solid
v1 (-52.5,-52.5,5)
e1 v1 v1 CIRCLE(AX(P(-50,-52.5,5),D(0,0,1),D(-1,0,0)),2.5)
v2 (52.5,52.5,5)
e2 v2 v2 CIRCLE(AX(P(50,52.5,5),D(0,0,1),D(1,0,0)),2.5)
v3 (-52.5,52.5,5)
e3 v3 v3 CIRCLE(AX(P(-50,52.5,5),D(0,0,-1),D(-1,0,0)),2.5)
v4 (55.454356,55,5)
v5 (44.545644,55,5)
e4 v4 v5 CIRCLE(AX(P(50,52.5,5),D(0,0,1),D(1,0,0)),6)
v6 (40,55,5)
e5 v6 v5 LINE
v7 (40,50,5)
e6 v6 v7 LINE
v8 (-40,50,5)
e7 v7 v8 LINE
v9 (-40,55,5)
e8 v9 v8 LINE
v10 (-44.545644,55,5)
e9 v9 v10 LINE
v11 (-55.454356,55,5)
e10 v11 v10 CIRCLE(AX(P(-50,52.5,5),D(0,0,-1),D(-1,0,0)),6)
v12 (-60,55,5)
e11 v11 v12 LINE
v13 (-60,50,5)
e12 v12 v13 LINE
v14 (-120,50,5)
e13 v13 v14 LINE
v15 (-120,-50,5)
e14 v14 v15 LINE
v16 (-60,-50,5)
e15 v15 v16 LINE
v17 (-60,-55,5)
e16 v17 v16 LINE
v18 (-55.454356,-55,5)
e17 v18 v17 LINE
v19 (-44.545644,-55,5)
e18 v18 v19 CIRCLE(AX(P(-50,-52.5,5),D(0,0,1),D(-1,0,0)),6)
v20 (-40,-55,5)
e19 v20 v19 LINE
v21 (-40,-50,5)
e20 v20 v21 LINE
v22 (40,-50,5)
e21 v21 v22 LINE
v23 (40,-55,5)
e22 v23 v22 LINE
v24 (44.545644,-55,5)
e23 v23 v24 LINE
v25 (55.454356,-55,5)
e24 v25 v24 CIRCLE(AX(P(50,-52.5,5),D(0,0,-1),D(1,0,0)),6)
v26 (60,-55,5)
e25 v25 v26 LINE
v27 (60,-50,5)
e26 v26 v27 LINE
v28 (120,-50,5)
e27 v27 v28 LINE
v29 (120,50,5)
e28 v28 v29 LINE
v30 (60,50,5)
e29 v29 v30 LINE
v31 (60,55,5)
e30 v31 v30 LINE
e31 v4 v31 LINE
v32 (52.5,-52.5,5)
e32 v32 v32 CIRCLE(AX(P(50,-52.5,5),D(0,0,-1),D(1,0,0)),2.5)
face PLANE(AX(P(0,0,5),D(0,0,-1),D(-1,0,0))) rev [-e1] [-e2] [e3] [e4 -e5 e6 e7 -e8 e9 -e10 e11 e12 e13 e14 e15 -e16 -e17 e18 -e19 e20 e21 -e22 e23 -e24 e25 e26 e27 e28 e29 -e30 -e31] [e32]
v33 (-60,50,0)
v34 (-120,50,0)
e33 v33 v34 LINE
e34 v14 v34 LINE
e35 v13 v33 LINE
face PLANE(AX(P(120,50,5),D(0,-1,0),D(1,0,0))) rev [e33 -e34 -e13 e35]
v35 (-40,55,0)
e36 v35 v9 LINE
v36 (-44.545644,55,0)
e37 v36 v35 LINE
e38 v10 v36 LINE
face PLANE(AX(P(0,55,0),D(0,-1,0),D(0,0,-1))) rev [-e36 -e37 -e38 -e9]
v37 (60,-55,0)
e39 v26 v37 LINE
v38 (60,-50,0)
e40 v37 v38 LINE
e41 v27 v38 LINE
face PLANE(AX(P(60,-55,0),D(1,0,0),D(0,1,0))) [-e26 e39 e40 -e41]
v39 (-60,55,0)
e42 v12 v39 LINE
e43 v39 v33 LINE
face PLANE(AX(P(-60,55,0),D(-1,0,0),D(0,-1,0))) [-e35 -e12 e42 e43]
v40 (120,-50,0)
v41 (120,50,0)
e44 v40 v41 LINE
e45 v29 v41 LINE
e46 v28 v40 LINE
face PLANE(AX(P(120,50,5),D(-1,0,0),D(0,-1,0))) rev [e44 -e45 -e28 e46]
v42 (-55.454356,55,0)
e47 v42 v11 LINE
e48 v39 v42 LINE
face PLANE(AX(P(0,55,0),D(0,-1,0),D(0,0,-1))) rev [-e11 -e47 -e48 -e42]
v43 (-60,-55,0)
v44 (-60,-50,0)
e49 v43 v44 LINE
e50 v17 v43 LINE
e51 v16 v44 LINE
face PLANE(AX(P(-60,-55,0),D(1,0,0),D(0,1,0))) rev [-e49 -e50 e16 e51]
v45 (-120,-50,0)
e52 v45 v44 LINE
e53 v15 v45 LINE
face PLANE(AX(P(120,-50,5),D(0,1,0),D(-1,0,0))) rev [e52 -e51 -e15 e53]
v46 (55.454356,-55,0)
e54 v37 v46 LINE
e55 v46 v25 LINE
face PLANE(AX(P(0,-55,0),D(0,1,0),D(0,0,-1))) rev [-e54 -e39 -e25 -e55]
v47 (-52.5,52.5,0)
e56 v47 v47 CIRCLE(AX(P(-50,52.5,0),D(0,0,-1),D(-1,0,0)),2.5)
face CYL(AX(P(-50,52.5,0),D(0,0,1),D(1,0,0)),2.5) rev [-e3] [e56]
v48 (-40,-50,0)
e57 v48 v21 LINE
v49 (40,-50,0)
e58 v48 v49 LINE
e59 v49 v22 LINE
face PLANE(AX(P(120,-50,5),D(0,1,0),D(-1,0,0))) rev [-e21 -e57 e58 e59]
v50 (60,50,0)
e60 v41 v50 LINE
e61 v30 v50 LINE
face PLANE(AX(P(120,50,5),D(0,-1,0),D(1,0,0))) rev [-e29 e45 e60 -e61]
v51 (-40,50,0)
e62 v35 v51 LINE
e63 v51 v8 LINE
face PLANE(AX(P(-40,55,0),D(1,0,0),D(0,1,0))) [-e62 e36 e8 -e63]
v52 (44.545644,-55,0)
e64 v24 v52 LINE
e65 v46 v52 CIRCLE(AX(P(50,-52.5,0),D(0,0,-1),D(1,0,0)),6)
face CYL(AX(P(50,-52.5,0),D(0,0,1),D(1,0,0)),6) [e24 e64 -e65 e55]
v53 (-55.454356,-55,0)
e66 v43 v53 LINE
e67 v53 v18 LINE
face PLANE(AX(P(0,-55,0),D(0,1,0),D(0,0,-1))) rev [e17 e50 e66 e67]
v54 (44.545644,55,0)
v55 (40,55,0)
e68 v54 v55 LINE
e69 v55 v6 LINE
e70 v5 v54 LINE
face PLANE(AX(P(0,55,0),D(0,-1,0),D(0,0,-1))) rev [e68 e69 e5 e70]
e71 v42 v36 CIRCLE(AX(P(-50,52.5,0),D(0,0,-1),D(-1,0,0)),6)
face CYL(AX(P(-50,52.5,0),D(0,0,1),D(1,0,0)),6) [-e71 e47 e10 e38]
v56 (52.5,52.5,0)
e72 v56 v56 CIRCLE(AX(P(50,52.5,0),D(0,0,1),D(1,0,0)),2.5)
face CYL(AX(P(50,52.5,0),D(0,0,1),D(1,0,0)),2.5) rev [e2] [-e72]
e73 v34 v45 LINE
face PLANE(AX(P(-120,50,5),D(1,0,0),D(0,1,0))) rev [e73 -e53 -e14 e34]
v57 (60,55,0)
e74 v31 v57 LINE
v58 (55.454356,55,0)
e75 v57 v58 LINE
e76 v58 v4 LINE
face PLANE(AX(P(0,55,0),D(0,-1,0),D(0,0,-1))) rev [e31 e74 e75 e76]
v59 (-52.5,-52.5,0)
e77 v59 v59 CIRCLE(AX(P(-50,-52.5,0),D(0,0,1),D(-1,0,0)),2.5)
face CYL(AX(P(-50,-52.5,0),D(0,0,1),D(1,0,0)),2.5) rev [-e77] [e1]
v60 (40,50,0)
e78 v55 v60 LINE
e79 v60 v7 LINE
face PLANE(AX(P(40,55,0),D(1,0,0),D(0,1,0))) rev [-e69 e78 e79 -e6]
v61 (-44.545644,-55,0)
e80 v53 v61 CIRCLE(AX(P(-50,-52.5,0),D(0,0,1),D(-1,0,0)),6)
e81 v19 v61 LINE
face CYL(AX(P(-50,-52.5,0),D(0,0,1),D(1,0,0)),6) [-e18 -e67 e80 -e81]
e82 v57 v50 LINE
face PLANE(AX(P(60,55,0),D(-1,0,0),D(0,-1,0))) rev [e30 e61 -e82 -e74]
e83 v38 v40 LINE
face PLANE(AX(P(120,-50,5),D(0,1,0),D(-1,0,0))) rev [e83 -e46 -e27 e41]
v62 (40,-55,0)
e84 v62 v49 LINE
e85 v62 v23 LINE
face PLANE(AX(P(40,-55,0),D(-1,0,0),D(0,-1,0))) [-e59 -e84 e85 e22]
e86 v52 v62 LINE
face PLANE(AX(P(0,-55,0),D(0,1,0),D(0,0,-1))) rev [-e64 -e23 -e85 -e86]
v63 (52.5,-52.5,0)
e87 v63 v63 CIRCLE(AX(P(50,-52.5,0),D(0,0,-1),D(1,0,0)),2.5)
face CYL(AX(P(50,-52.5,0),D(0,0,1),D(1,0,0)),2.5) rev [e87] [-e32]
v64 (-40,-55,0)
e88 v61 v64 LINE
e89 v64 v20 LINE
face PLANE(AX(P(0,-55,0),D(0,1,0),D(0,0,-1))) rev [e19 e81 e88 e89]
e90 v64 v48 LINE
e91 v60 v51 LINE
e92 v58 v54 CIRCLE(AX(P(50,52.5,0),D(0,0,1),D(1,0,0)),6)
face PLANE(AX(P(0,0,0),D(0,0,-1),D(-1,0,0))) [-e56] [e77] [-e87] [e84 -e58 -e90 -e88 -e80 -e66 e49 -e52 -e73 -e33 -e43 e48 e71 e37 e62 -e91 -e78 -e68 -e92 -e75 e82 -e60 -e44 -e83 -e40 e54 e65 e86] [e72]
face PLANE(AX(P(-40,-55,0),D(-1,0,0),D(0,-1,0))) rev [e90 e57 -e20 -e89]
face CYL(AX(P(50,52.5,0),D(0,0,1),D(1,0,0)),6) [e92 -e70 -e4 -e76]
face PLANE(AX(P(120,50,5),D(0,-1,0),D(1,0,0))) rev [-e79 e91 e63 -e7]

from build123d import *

# Parameters (mm, degrees)
SKETCH1_W                                    = 240
SKETCH1_H                                    = 100
BOSS_EXTRUDE1_DEPTH                          = 5
SKETCH2_W                                    = 20
SKETCH2_H                                    = 5
BOSS_EXTRUDE2_DEPTH                          = 5
MIRROR1_AT_THE_SECOND_PLANE_COPY_1_SKETC_W   = 20
MIRROR1_AT_THE_SECOND_PLANE_COPY_1_SKETC_H   = 5
MIRROR1_AT_THE_SECOND_PLANE_COPY_1_DEPTH     = 5
SKETCH3_R                                    = 6
SKETCH3_R_2                                  = 2
BOSS_EXTRUDE3_DEPTH                          = 5
SKETCH4_R                                    = 2.5
CUT_EXTRUDE2_DEPTH                           = 5
MIRROR2_AT_THE_SECOND_PLANE_COPY_1_SKETC_R   = 6
MIRROR2_AT_THE_SECOND_PLANE_COPY_1_SKETC_R_2 = 2
MIRROR2_AT_THE_SECOND_PLANE_COPY_1_DEPTH     = 5
MIRROR2_AT_THE_SECOND_PLANE_COPY_2_SKETC_R   = 2.5
MIRROR2_AT_THE_SECOND_PLANE_COPY_2_DEPTH     = 5


with BuildPart() as part:
    # Sketch1 → Boss-Extrude1 (new body)
    with BuildSketch(Plane.XY):
        Rectangle(SKETCH1_W, SKETCH1_H)
    extrude(amount=BOSS_EXTRUDE1_DEPTH)

    # Sketch2 → Boss-Extrude2 (add)
    with BuildSketch(Plane(origin=(0, 50, 0), x_dir=(1, 0, 0), z_dir=(0, 1, 0))):
        with Locations((50, -2.5)):
            Rectangle(SKETCH2_W, SKETCH2_H)
    boss_extrude2 = extrude(amount=BOSS_EXTRUDE2_DEPTH)

    # Mirror1: Boss-Extrude2 across plane
    add(boss_extrude2.mirror(Plane(origin=(0, 0, 0), x_dir=(0, 0, 1), z_dir=(1, 0, 0))))

    # Mirror1 at the second plane: Boss-Extrude2 across plane
    add(boss_extrude2.mirror(Plane.ZX))

    # Mirror1 at the second plane copy 1 sketc → Mirror1 at the second plane copy 1 (add)
    with BuildSketch(Plane(origin=(0, -50, 0), x_dir=(-1, 0, 0), z_dir=(0, -1, 0))):
        with Locations((50, -2.5)):
            Rectangle(MIRROR1_AT_THE_SECOND_PLANE_COPY_1_SKETC_W, MIRROR1_AT_THE_SECOND_PLANE_COPY_1_SKETC_H)
    extrude(amount=MIRROR1_AT_THE_SECOND_PLANE_COPY_1_DEPTH)

    # Sketch3 → Boss-Extrude3 (add)
    with BuildSketch(Plane.XY.offset(5)):
        with Locations((50, 52.5)):
            Circle(SKETCH3_R)
        with Locations((50, 52.5)):
            Circle(SKETCH3_R_2, mode=Mode.SUBTRACT)
    boss_extrude3 = extrude(amount=-BOSS_EXTRUDE3_DEPTH)

    # Sketch4 → Cut-Extrude2 (cut)
    with BuildSketch(Plane.XY.offset(5)):
        with Locations((50, 52.5)):
            Circle(SKETCH4_R)
    cut_extrude2 = extrude(amount=-CUT_EXTRUDE2_DEPTH, mode=Mode.SUBTRACT)

    # Mirror2: Boss-Extrude3, Cut-Extrude2 across plane
    add(boss_extrude3.mirror(Plane.ZX))
    add(cut_extrude2.mirror(Plane.ZX), mode=Mode.SUBTRACT)

    # Mirror2 at the second plane: Boss-Extrude3, Cut-Extrude2 across plane
    add(boss_extrude3.mirror(Plane(origin=(0, 0, 0), x_dir=(0, 0, 1), z_dir=(1, 0, 0))))
    add(cut_extrude2.mirror(Plane(origin=(0, 0, 0), x_dir=(0, 0, 1), z_dir=(1, 0, 0))), mode=Mode.SUBTRACT)

    # Mirror2 at the second plane copy 1 sketc → Mirror2 at the second plane copy 1 (add)
    with BuildSketch(Plane(origin=(0, 0, 5), x_dir=(-1, 0, 0), z_dir=(0, 0, 1))):
        with Locations((50, 52.5)):
            Circle(MIRROR2_AT_THE_SECOND_PLANE_COPY_1_SKETC_R)
        with Locations((50, 52.5)):
            Circle(MIRROR2_AT_THE_SECOND_PLANE_COPY_1_SKETC_R_2, mode=Mode.SUBTRACT)
    extrude(amount=-MIRROR2_AT_THE_SECOND_PLANE_COPY_1_DEPTH)

    # Mirror2 at the second plane copy 2 sketc → Mirror2 at the second plane copy 2 (cut)
    with BuildSketch(Plane(origin=(0, 0, 5), x_dir=(-1, 0, 0), z_dir=(0, 0, 1))):
        with Locations((50, 52.5)):
            Circle(MIRROR2_AT_THE_SECOND_PLANE_COPY_2_SKETC_R)
    extrude(amount=-MIRROR2_AT_THE_SECOND_PLANE_COPY_2_DEPTH, mode=Mode.SUBTRACT)


solid = part.part
